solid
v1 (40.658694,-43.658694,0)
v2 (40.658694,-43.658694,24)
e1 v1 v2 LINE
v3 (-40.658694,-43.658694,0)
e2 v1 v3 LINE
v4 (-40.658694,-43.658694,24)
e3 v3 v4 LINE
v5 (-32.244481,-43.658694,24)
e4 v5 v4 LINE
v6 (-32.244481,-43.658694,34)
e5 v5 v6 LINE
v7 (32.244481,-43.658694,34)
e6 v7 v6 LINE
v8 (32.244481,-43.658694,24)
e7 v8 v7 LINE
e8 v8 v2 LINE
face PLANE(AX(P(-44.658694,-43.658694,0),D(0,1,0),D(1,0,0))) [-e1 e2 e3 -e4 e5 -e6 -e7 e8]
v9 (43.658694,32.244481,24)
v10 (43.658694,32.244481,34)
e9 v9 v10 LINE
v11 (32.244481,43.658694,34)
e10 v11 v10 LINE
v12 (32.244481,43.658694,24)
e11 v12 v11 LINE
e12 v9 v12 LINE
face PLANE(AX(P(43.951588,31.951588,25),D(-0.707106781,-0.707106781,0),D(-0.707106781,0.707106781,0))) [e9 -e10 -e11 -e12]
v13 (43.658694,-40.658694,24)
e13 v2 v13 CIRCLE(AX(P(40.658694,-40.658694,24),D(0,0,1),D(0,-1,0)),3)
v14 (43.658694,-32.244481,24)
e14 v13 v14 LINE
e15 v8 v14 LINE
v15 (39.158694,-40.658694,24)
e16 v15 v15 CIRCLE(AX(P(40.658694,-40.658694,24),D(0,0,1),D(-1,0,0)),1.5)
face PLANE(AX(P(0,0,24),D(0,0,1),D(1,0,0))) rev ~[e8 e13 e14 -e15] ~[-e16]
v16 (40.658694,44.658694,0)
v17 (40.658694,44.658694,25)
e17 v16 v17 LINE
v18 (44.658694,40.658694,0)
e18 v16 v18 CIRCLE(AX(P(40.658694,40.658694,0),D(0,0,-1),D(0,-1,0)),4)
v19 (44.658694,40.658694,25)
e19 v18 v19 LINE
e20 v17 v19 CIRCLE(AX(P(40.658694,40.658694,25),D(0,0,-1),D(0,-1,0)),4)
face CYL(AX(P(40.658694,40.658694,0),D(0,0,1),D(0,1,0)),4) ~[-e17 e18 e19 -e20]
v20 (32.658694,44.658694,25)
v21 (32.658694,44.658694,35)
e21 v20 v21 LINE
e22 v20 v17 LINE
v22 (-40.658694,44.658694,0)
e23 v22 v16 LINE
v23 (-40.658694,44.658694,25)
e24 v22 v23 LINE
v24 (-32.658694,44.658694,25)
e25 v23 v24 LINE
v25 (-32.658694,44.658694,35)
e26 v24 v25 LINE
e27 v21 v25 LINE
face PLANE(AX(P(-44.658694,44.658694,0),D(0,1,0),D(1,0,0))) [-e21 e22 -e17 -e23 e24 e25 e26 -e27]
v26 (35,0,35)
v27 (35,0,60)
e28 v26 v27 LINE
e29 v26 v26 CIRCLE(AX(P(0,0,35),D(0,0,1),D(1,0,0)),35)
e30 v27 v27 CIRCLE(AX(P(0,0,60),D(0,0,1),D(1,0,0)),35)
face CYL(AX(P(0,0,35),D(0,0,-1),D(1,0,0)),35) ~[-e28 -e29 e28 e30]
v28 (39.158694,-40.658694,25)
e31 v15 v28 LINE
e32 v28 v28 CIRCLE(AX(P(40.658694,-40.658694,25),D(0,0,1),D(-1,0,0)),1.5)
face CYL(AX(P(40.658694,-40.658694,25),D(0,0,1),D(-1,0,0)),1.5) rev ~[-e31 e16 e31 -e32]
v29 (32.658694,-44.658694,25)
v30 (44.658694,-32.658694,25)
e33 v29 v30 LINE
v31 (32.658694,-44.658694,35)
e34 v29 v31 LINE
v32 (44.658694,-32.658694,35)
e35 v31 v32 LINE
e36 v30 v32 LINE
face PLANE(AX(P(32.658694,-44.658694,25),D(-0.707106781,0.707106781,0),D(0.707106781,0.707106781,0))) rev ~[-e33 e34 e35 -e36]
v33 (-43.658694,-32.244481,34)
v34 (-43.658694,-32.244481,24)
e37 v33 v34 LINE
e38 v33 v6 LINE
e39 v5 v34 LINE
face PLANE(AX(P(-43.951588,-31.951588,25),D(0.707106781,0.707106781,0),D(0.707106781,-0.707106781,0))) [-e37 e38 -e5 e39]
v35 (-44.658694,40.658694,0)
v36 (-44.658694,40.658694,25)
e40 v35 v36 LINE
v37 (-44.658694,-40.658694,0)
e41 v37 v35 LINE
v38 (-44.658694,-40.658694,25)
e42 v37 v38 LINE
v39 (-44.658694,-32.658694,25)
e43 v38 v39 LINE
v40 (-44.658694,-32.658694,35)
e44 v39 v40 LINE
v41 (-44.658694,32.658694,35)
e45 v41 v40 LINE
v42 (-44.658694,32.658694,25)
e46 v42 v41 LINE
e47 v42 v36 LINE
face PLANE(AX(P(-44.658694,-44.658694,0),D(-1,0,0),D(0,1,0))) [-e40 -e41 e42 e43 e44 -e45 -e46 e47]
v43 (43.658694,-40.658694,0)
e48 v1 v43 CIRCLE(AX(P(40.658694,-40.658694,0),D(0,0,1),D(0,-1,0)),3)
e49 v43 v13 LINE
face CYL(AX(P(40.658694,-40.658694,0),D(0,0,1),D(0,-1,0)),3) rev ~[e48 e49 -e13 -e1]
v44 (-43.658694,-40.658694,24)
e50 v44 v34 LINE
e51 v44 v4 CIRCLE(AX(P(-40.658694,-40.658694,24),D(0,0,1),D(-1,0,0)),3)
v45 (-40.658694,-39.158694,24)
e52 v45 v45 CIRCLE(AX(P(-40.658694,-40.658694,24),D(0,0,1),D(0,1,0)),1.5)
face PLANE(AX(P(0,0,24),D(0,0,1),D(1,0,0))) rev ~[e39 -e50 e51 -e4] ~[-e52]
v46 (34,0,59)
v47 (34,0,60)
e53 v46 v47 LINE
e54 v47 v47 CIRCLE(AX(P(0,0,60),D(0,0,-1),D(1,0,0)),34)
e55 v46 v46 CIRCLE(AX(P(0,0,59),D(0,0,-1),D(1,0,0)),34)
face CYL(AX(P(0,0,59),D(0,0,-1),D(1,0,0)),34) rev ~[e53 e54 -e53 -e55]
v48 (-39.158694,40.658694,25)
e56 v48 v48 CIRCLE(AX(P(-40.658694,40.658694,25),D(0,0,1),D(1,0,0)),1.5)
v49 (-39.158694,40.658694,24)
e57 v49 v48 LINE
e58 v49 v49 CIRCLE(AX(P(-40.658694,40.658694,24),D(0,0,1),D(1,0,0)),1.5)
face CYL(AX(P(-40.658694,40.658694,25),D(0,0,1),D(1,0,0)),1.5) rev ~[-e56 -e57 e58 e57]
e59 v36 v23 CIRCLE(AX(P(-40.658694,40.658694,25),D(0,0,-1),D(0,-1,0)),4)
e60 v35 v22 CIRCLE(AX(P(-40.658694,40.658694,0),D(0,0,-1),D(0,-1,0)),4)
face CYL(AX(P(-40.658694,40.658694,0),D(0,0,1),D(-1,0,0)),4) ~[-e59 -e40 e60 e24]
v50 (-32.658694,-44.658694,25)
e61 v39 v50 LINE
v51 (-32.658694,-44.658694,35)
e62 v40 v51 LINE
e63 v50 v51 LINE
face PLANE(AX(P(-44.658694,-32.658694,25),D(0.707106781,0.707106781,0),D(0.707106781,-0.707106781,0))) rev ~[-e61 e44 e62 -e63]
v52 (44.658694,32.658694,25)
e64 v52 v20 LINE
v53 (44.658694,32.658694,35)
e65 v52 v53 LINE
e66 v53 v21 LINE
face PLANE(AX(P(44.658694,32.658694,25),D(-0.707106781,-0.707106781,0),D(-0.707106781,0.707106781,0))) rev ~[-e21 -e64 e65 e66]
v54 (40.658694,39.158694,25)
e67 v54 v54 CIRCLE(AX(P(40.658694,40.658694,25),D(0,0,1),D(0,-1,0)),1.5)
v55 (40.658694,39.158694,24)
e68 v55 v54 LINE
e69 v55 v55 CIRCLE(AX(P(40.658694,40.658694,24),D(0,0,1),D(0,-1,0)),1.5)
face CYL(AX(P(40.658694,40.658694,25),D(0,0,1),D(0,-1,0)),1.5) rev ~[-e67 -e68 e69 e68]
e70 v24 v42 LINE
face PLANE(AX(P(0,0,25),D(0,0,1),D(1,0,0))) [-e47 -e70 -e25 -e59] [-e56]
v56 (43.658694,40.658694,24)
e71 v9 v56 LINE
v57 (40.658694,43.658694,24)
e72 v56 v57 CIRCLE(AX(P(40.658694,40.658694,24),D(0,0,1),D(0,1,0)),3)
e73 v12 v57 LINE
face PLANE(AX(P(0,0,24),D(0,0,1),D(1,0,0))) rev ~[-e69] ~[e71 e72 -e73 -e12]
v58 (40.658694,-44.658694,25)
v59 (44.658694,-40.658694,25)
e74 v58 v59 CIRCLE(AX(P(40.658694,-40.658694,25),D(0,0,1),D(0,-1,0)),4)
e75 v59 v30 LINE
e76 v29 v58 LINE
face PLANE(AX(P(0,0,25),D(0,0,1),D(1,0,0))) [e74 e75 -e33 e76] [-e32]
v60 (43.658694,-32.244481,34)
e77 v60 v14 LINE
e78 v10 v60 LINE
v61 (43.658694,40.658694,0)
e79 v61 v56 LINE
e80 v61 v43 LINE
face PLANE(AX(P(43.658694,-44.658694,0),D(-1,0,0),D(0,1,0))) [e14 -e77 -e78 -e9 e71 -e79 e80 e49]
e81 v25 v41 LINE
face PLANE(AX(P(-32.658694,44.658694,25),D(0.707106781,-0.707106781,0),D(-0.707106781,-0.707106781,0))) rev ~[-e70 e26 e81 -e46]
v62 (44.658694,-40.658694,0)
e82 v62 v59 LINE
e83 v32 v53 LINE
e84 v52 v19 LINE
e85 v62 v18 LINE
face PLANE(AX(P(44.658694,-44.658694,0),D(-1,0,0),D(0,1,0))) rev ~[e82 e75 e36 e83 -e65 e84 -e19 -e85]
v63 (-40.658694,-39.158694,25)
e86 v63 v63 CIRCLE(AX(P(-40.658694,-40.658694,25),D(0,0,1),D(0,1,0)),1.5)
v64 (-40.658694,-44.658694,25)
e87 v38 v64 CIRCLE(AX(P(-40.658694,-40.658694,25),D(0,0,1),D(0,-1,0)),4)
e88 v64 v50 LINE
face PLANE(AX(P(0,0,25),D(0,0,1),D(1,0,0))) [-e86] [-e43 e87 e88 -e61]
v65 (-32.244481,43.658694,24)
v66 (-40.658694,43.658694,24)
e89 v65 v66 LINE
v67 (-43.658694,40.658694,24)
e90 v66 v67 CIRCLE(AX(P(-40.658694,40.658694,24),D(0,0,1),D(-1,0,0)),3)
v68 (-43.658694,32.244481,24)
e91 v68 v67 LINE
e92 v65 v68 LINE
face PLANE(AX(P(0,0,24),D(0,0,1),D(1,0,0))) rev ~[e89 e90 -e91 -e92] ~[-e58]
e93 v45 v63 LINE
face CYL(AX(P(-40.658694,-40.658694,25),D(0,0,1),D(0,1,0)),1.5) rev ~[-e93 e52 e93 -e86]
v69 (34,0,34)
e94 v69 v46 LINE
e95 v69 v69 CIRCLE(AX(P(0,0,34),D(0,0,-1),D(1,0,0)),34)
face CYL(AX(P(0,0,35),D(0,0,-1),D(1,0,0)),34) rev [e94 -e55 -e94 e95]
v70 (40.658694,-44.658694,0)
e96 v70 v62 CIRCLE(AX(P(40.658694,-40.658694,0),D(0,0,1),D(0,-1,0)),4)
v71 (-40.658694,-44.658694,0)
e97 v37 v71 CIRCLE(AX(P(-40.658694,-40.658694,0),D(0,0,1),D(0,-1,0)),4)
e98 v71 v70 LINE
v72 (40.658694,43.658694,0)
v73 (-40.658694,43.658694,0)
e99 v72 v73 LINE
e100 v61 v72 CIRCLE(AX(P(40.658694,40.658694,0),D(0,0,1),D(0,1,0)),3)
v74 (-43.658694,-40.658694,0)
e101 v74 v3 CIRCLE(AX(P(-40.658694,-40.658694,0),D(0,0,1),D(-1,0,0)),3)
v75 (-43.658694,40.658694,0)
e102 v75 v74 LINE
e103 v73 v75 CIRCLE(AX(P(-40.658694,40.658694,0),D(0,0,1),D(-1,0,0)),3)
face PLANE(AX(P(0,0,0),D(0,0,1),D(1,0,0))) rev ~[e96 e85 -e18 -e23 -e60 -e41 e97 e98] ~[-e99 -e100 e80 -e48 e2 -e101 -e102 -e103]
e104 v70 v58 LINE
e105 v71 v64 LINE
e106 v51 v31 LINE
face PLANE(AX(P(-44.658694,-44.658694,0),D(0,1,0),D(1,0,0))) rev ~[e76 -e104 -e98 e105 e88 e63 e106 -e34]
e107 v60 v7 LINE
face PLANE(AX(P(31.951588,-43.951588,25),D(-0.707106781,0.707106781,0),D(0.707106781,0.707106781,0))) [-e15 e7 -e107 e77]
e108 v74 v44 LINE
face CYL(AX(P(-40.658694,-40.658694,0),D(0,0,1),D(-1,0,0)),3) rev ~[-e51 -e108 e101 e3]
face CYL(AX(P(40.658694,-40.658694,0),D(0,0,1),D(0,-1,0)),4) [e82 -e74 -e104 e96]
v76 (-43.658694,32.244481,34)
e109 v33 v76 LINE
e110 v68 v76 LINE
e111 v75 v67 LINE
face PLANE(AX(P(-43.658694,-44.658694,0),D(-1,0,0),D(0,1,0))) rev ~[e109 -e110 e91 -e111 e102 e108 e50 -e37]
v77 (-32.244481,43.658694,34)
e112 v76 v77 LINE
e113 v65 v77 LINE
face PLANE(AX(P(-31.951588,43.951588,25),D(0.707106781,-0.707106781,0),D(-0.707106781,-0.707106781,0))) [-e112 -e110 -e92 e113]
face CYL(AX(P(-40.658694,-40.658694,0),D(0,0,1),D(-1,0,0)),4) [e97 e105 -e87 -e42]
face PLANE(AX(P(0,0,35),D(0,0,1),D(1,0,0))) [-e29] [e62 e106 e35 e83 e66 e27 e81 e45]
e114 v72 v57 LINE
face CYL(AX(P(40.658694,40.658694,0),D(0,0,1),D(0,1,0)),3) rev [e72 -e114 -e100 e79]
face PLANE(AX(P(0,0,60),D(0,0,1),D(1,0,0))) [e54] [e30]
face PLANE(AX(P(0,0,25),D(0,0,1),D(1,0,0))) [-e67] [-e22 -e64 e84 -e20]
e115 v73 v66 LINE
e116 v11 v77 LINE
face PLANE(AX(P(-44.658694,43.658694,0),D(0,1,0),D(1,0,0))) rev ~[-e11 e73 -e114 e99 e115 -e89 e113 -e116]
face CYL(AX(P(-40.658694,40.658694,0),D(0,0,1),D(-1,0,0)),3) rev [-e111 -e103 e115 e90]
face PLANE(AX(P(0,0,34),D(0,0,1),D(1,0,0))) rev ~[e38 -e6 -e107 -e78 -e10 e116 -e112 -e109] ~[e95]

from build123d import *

# Parameters (mm, degrees)
F0_W      = 89.3173888326
F0_H      = 89.3173888326
F1_DEPTH  = 25
F3_DEPTH  = 10
F4_R      = 35
F5_DEPTH  = 25
F6_R      = 4
F7_T      = -1
F8_DEPTH  = 41.7
F9_R      = 1.5
F10_DEPTH = 3.8
F12_COUNT = 4


with BuildPart() as f1:
    # F0 (on Top) → F1 (new body)
    with BuildSketch(Plane.XY):
        Rectangle(F0_W, F0_H)
    extrude(amount=F1_DEPTH)

    # F2 (on face) → F3 (join)
    with BuildSketch(Plane.XY.offset(25)):
        Polygon((32.6586944163, 44.6586944163), (-32.6586944163, 44.6586944163), (-44.6586944163, 32.6586944163), (-44.6586944163, -32.6586944163), (-32.6586944163, -44.6586944163), (32.6586944163, -44.6586944163), (44.6586944163, -32.6586944163), (44.6586944163, 32.6586944163), align=None)
    extrude(amount=F3_DEPTH)

    # F4 (on face) → F5 (join)
    with BuildSketch(Plane.XY.offset(35)):
        Circle(F4_R)
    extrude(amount=F5_DEPTH)

    # F6
    f6_edges = [f1.edges().sort_by_distance(p)[0] for p in [
        (44.658694, 44.658694, 12.5),
        (44.658694, -44.658694, 12.5),
        (-44.658694, -44.658694, 12.5),
        (-44.658694, 44.658694, 12.5),
    ]]
    fillet(f6_edges, radius=F6_R)

    # F7
    f7_openings = [f1.faces().sort_by_distance(p)[0] for p in [
        (0, 0, 0),
    ]]
    offset(amount=F7_T, openings=f7_openings, kind=Kind.INTERSECTION)

    # F8 (cut): a face of the model
    f8_faces = [f1.faces().sort_by_distance(p)[0] for p in [
        (0, 0, 59),
    ]]
    extrude(f8_faces, amount=-F8_DEPTH, mode=Mode.SUBTRACT)


with BuildPart() as f10:
    # F9 (on face) → F10 (new body, symmetric)
    with BuildSketch(Plane.XY.offset(25)):
        with Locations((-40.6586944163, 40.6586944163)):
            Circle(F9_R)
    extrude(amount=F10_DEPTH, both=True)


with BuildPart() as f12_1:
    # F12: instance of F10
    add(f10.part.rotate(Axis((0, 0, 19.2969664931), (0, 0, 1)), 1 * 360 / F12_COUNT))


with BuildPart() as f12_2:
    # F12: instance of F10
    add(f10.part.rotate(Axis((0, 0, 19.2969664931), (0, 0, 1)), 2 * 360 / F12_COUNT))


with BuildPart() as f12_3:
    # F12: instance of F10
    add(f10.part.rotate(Axis((0, 0, 19.2969664931), (0, 0, 1)), 3 * 360 / F12_COUNT))


with BuildPart() as f1_1:
    add(f1.part)

    # F13: cut F10, F12_3, F12_2, F12_1
    add(f10.part, mode=Mode.SUBTRACT)
    add(f12_3.part, mode=Mode.SUBTRACT)
    add(f12_2.part, mode=Mode.SUBTRACT)
    add(f12_1.part, mode=Mode.SUBTRACT)


solid = f1_1.part
